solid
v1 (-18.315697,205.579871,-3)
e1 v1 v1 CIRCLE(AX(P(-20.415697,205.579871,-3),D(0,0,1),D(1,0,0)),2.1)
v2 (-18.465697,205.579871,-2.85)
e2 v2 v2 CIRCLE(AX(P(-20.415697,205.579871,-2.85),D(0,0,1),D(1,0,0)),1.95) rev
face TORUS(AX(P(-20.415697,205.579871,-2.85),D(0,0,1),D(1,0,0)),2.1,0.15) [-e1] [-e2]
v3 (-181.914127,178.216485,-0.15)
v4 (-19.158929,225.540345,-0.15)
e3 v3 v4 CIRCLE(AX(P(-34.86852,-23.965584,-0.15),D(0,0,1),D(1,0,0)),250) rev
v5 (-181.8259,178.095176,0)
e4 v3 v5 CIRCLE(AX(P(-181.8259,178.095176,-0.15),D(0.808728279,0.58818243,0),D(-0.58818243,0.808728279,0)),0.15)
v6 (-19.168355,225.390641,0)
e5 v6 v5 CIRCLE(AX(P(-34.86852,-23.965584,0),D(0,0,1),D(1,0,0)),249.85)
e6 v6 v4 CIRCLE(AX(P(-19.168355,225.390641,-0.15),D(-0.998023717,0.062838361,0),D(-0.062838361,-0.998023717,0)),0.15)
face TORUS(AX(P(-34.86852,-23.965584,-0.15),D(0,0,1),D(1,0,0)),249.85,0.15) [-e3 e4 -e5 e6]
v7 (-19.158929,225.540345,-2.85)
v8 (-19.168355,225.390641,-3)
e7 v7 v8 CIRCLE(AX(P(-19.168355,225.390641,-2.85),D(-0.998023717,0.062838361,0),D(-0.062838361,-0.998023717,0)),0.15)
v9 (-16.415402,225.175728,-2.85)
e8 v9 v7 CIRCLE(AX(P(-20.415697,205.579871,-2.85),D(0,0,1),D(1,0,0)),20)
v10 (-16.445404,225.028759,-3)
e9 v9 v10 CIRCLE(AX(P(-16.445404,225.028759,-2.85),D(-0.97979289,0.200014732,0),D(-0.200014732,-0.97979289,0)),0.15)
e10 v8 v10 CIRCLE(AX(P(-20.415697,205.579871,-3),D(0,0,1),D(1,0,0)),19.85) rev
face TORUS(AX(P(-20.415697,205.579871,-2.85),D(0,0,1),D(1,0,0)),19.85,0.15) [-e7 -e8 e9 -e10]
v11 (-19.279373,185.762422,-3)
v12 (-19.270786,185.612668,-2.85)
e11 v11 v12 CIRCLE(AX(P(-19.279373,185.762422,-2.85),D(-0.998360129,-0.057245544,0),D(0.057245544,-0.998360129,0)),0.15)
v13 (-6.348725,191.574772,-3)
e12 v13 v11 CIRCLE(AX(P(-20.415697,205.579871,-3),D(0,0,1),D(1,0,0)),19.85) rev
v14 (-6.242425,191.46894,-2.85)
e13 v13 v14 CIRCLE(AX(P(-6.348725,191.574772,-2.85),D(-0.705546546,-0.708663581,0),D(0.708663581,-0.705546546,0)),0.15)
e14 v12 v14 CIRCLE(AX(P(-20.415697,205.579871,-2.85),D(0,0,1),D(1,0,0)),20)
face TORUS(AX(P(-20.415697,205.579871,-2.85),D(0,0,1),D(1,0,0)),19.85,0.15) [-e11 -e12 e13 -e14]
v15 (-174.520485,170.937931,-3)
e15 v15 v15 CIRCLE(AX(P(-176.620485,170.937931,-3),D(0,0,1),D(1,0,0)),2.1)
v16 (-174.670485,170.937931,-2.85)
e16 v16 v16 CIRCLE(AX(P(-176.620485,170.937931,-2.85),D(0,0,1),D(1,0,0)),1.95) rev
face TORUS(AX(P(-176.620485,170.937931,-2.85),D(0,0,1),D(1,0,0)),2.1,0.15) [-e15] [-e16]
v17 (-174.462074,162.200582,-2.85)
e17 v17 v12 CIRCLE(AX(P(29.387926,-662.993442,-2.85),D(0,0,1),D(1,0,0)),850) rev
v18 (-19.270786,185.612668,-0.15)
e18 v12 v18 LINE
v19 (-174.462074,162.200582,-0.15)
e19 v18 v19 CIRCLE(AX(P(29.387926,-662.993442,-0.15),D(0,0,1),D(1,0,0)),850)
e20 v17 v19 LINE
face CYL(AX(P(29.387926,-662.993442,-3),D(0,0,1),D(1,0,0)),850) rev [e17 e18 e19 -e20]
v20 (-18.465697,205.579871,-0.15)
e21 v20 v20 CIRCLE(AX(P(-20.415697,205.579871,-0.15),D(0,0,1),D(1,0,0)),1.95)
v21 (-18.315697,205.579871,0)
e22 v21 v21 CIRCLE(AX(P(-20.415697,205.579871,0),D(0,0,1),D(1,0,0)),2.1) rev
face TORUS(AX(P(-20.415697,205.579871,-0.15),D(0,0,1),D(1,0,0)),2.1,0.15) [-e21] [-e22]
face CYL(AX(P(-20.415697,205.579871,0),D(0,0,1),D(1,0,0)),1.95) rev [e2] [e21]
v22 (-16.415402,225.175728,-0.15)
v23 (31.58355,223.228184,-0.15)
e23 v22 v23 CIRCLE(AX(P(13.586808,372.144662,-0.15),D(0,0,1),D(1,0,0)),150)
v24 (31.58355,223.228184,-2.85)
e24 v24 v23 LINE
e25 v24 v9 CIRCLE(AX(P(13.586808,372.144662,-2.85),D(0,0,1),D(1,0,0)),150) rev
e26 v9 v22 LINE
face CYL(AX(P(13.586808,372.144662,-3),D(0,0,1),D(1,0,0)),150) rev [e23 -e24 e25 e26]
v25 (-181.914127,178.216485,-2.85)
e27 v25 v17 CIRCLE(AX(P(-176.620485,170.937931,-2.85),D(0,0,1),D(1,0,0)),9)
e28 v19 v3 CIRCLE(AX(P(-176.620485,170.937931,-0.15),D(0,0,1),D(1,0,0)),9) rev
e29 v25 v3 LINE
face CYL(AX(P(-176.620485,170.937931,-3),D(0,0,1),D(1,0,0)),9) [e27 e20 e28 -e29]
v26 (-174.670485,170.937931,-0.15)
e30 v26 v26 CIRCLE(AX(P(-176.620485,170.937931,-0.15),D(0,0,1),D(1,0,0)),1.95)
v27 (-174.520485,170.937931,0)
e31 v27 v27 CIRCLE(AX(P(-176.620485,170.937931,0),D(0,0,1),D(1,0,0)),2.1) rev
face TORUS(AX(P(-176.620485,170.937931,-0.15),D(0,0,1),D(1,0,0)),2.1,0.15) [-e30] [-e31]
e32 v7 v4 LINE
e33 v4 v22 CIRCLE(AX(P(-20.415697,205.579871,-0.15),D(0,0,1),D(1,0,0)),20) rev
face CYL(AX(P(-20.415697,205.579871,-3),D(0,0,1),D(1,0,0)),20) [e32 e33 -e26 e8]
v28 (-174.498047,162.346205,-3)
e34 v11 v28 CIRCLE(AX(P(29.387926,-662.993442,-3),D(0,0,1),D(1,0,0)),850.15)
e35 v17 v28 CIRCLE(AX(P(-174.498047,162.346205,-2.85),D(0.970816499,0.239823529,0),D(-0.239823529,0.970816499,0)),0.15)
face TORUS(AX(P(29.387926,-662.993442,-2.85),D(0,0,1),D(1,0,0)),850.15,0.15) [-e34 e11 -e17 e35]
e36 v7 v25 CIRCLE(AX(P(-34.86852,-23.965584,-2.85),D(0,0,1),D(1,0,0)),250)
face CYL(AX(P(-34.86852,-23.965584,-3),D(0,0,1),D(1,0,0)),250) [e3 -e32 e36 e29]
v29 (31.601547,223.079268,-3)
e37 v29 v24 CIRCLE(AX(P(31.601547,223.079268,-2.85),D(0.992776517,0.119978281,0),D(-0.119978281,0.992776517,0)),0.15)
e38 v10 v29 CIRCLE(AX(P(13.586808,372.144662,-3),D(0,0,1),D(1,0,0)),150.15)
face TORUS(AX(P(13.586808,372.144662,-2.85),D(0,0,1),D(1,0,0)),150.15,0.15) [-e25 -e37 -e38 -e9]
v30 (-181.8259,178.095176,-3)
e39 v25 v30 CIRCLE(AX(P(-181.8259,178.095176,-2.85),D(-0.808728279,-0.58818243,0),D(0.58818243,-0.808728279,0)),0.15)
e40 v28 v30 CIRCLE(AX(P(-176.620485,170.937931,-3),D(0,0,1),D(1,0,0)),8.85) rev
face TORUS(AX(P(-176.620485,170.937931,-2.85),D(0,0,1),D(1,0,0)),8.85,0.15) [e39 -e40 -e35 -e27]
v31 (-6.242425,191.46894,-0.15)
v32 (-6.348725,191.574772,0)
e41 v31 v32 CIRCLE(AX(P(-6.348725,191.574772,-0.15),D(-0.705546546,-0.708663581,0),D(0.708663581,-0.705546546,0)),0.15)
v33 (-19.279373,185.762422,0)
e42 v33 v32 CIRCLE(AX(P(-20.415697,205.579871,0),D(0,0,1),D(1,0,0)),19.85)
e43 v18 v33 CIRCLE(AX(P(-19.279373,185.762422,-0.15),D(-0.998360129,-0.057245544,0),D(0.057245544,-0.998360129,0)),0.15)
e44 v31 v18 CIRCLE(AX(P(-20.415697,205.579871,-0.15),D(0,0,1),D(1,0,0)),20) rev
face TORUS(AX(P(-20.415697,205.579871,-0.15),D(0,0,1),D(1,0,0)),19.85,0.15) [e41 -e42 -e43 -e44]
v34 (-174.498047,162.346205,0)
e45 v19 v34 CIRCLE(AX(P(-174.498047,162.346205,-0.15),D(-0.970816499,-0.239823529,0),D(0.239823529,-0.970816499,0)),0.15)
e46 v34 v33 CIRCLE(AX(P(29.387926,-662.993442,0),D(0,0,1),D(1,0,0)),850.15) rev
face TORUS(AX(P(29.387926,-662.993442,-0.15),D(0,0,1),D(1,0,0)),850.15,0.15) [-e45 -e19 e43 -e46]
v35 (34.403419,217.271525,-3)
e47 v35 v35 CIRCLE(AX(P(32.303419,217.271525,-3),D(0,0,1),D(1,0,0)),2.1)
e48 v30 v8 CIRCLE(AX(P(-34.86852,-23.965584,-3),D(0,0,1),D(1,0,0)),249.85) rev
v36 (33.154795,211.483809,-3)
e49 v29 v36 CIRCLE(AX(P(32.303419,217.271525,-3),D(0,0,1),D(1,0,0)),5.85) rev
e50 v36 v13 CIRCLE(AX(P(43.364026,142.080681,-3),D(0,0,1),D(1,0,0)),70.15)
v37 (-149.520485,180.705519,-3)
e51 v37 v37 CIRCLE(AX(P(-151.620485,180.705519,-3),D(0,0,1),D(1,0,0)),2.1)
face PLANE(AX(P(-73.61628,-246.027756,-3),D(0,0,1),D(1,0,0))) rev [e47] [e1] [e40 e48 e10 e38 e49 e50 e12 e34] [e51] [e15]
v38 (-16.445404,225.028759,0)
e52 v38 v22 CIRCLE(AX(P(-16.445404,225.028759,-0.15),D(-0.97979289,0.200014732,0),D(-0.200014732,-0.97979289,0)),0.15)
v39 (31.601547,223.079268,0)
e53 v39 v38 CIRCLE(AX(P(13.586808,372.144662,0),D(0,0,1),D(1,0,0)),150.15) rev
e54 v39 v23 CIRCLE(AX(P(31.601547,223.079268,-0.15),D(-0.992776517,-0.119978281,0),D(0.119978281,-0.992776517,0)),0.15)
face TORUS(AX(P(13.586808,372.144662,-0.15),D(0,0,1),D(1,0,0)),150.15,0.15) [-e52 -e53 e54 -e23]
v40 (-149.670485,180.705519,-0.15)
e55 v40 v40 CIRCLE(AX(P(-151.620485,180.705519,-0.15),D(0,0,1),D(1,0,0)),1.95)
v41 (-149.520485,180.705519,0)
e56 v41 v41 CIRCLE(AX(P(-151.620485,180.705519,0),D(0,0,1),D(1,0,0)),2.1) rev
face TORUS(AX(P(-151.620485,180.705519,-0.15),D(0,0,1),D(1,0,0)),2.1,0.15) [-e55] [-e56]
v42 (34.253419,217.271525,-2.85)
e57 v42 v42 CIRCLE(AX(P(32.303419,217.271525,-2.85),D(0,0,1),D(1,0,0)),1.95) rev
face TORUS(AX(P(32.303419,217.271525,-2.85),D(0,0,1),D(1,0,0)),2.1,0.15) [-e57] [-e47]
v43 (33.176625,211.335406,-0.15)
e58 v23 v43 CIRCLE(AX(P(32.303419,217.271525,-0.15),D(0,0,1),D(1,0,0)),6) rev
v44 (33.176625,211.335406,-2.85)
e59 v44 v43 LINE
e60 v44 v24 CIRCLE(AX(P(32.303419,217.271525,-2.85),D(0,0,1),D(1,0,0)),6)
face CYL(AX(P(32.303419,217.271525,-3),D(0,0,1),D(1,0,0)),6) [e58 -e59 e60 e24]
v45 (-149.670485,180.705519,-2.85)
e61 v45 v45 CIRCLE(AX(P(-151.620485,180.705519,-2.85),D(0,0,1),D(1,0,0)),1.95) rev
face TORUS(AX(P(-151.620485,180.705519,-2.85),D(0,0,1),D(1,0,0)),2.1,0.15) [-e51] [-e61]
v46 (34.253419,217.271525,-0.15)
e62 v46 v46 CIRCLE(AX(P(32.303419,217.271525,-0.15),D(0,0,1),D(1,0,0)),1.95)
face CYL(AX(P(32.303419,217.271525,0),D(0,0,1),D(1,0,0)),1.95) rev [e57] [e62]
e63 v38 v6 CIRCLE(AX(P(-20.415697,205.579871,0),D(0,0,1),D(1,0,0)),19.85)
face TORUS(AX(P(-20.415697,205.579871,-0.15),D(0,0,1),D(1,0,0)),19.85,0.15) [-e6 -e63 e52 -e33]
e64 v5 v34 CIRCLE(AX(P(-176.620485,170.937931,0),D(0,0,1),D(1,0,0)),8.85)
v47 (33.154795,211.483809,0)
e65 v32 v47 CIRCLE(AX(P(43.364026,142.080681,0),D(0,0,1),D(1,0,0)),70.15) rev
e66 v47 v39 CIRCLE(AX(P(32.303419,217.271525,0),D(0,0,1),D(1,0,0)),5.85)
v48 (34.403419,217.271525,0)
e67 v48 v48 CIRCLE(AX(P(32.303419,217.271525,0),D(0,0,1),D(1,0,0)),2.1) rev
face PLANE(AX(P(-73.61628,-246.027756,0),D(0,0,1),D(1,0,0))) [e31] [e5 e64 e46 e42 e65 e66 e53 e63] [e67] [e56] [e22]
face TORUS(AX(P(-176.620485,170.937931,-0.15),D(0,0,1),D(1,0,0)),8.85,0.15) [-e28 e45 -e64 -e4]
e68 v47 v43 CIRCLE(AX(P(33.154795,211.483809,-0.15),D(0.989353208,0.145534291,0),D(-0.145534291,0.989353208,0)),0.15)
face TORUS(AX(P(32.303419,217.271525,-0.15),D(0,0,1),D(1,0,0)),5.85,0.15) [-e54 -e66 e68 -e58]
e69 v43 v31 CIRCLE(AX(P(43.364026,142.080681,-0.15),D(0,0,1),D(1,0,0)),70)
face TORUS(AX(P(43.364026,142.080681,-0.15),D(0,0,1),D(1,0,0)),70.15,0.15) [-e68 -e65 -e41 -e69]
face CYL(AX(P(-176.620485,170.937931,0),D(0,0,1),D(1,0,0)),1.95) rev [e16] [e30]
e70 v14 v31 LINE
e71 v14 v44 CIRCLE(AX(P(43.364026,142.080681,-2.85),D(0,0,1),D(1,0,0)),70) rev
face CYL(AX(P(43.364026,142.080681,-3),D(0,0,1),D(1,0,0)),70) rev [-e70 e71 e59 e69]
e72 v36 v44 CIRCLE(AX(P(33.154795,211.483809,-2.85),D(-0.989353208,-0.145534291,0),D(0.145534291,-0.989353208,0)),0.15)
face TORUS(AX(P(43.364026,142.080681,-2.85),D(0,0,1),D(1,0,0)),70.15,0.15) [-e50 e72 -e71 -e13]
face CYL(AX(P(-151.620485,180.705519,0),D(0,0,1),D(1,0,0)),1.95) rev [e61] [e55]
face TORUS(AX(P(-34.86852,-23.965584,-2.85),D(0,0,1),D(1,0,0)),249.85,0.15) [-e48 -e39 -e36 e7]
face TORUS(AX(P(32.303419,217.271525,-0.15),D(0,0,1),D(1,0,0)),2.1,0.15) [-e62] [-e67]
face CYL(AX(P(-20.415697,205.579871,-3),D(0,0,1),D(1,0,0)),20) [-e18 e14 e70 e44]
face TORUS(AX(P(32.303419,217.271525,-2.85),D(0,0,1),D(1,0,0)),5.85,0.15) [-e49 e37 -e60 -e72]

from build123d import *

# Parameters (mm, degrees)
BOSS_EXTRUDE1_DEPTH        = 3
M3_5_CLEARANCE_HOLE1_D     = 3.9
M3_5_CLEARANCE_HOLE1_DEPTH = 10
M3_5_CLEARANCE_HOLE1_TIP   = 1.171678207
FILLET1_R                  = 0.15


with BuildPart() as part:
    # Sketch1 → Boss-Extrude1 (new body)
    with BuildSketch(Plane.XY):
        with BuildLine():
            ThreePointArc((-174.462073609, 162.200582347), (-97.40794844, 177.496181026), (-19.270785815, 185.612668032))
            ThreePointArc((-19.270785815, 185.612668032), (-12.215961432, 187.338041165), (-6.242425057, 191.4689397))
            ThreePointArc((-6.242425057, 191.4689397), (11.860132573, 204.590718457), (33.176625244, 211.335406045))
            ThreePointArc((33.176625244, 211.335406045), (38.250302898, 218.068129213), (31.583549811, 223.228184393))
            ThreePointArc((31.583549811, 223.228184393), (7.505603441, 222.267982746), (-16.415402052, 225.175728416))
            ThreePointArc((-16.415402052, 225.175728416), (-17.780851121, 225.405550653), (-19.158929463, 225.540344964))
            ThreePointArc((-19.158929463, 225.540344964), (-104.669481606, 216.092378887), (-181.914127241, 178.216485348))
            ThreePointArc((-181.914127241, 178.216485348), (-184.780430481, 167.141182782), (-174.462073609, 162.200582347))
        make_face()
    extrude(amount=-BOSS_EXTRUDE1_DEPTH)

    # M3.5 Clearance Hole1
    with Locations(Plane.XY):
        with Locations((32.303419496, 217.271525293), (-20.415696686, 205.579870617), (-52.165696686, -1330.164308971), (-151.620485371, 180.705519261), (-176.620485371, 170.937930838)):
            Hole(M3_5_CLEARANCE_HOLE1_D / 2, depth=M3_5_CLEARANCE_HOLE1_DEPTH)
            with Locations((0, 0, -(M3_5_CLEARANCE_HOLE1_DEPTH + M3_5_CLEARANCE_HOLE1_TIP / 2))):  # 118° drill point
                Cone(0, M3_5_CLEARANCE_HOLE1_D / 2, M3_5_CLEARANCE_HOLE1_TIP, mode=Mode.SUBTRACT)

    # Fillet1
    fillet1_edges = [part.edges().sort_by_distance(p)[0] for p in [
        (-12.215961432, 187.338041165, -3),
        (-97.40794844, 177.496181026, 0),
        (-184.780430481, 167.141182782, 0),
        (11.860132573, 204.590718457, -3),
        (38.250302898, 218.068129213, -3),
        (7.505603441, 222.267982746, -3),
        (-17.780851121, 225.405550653, -3),
        (-104.669481606, 216.092378887, -3),
        (-174.670485371, 170.937930838, -3),
        (-174.670485371, 170.937930838, 0),
        (-149.670485371, 180.705519261, -3),
        (-149.670485371, 180.705519261, 0),
        (-18.465696686, 205.579870617, -3),
        (-18.465696686, 205.579870617, 0),
        (-184.780430481, 167.141182782, -3),
        (34.253419496, 217.271525293, -3),
        (34.253419496, 217.271525293, 0),
        (-97.40794844, 177.496181026, -3),
        (-104.669481606, 216.092378887, 0),
        (-17.780851121, 225.405550653, 0),
        (7.505603441, 222.267982746, 0),
        (38.250302898, 218.068129213, 0),
        (11.860132573, 204.590718457, 0),
        (-12.215961432, 187.338041165, 0),
    ]]
    fillet(fillet1_edges, radius=FILLET1_R)


solid = part.part
